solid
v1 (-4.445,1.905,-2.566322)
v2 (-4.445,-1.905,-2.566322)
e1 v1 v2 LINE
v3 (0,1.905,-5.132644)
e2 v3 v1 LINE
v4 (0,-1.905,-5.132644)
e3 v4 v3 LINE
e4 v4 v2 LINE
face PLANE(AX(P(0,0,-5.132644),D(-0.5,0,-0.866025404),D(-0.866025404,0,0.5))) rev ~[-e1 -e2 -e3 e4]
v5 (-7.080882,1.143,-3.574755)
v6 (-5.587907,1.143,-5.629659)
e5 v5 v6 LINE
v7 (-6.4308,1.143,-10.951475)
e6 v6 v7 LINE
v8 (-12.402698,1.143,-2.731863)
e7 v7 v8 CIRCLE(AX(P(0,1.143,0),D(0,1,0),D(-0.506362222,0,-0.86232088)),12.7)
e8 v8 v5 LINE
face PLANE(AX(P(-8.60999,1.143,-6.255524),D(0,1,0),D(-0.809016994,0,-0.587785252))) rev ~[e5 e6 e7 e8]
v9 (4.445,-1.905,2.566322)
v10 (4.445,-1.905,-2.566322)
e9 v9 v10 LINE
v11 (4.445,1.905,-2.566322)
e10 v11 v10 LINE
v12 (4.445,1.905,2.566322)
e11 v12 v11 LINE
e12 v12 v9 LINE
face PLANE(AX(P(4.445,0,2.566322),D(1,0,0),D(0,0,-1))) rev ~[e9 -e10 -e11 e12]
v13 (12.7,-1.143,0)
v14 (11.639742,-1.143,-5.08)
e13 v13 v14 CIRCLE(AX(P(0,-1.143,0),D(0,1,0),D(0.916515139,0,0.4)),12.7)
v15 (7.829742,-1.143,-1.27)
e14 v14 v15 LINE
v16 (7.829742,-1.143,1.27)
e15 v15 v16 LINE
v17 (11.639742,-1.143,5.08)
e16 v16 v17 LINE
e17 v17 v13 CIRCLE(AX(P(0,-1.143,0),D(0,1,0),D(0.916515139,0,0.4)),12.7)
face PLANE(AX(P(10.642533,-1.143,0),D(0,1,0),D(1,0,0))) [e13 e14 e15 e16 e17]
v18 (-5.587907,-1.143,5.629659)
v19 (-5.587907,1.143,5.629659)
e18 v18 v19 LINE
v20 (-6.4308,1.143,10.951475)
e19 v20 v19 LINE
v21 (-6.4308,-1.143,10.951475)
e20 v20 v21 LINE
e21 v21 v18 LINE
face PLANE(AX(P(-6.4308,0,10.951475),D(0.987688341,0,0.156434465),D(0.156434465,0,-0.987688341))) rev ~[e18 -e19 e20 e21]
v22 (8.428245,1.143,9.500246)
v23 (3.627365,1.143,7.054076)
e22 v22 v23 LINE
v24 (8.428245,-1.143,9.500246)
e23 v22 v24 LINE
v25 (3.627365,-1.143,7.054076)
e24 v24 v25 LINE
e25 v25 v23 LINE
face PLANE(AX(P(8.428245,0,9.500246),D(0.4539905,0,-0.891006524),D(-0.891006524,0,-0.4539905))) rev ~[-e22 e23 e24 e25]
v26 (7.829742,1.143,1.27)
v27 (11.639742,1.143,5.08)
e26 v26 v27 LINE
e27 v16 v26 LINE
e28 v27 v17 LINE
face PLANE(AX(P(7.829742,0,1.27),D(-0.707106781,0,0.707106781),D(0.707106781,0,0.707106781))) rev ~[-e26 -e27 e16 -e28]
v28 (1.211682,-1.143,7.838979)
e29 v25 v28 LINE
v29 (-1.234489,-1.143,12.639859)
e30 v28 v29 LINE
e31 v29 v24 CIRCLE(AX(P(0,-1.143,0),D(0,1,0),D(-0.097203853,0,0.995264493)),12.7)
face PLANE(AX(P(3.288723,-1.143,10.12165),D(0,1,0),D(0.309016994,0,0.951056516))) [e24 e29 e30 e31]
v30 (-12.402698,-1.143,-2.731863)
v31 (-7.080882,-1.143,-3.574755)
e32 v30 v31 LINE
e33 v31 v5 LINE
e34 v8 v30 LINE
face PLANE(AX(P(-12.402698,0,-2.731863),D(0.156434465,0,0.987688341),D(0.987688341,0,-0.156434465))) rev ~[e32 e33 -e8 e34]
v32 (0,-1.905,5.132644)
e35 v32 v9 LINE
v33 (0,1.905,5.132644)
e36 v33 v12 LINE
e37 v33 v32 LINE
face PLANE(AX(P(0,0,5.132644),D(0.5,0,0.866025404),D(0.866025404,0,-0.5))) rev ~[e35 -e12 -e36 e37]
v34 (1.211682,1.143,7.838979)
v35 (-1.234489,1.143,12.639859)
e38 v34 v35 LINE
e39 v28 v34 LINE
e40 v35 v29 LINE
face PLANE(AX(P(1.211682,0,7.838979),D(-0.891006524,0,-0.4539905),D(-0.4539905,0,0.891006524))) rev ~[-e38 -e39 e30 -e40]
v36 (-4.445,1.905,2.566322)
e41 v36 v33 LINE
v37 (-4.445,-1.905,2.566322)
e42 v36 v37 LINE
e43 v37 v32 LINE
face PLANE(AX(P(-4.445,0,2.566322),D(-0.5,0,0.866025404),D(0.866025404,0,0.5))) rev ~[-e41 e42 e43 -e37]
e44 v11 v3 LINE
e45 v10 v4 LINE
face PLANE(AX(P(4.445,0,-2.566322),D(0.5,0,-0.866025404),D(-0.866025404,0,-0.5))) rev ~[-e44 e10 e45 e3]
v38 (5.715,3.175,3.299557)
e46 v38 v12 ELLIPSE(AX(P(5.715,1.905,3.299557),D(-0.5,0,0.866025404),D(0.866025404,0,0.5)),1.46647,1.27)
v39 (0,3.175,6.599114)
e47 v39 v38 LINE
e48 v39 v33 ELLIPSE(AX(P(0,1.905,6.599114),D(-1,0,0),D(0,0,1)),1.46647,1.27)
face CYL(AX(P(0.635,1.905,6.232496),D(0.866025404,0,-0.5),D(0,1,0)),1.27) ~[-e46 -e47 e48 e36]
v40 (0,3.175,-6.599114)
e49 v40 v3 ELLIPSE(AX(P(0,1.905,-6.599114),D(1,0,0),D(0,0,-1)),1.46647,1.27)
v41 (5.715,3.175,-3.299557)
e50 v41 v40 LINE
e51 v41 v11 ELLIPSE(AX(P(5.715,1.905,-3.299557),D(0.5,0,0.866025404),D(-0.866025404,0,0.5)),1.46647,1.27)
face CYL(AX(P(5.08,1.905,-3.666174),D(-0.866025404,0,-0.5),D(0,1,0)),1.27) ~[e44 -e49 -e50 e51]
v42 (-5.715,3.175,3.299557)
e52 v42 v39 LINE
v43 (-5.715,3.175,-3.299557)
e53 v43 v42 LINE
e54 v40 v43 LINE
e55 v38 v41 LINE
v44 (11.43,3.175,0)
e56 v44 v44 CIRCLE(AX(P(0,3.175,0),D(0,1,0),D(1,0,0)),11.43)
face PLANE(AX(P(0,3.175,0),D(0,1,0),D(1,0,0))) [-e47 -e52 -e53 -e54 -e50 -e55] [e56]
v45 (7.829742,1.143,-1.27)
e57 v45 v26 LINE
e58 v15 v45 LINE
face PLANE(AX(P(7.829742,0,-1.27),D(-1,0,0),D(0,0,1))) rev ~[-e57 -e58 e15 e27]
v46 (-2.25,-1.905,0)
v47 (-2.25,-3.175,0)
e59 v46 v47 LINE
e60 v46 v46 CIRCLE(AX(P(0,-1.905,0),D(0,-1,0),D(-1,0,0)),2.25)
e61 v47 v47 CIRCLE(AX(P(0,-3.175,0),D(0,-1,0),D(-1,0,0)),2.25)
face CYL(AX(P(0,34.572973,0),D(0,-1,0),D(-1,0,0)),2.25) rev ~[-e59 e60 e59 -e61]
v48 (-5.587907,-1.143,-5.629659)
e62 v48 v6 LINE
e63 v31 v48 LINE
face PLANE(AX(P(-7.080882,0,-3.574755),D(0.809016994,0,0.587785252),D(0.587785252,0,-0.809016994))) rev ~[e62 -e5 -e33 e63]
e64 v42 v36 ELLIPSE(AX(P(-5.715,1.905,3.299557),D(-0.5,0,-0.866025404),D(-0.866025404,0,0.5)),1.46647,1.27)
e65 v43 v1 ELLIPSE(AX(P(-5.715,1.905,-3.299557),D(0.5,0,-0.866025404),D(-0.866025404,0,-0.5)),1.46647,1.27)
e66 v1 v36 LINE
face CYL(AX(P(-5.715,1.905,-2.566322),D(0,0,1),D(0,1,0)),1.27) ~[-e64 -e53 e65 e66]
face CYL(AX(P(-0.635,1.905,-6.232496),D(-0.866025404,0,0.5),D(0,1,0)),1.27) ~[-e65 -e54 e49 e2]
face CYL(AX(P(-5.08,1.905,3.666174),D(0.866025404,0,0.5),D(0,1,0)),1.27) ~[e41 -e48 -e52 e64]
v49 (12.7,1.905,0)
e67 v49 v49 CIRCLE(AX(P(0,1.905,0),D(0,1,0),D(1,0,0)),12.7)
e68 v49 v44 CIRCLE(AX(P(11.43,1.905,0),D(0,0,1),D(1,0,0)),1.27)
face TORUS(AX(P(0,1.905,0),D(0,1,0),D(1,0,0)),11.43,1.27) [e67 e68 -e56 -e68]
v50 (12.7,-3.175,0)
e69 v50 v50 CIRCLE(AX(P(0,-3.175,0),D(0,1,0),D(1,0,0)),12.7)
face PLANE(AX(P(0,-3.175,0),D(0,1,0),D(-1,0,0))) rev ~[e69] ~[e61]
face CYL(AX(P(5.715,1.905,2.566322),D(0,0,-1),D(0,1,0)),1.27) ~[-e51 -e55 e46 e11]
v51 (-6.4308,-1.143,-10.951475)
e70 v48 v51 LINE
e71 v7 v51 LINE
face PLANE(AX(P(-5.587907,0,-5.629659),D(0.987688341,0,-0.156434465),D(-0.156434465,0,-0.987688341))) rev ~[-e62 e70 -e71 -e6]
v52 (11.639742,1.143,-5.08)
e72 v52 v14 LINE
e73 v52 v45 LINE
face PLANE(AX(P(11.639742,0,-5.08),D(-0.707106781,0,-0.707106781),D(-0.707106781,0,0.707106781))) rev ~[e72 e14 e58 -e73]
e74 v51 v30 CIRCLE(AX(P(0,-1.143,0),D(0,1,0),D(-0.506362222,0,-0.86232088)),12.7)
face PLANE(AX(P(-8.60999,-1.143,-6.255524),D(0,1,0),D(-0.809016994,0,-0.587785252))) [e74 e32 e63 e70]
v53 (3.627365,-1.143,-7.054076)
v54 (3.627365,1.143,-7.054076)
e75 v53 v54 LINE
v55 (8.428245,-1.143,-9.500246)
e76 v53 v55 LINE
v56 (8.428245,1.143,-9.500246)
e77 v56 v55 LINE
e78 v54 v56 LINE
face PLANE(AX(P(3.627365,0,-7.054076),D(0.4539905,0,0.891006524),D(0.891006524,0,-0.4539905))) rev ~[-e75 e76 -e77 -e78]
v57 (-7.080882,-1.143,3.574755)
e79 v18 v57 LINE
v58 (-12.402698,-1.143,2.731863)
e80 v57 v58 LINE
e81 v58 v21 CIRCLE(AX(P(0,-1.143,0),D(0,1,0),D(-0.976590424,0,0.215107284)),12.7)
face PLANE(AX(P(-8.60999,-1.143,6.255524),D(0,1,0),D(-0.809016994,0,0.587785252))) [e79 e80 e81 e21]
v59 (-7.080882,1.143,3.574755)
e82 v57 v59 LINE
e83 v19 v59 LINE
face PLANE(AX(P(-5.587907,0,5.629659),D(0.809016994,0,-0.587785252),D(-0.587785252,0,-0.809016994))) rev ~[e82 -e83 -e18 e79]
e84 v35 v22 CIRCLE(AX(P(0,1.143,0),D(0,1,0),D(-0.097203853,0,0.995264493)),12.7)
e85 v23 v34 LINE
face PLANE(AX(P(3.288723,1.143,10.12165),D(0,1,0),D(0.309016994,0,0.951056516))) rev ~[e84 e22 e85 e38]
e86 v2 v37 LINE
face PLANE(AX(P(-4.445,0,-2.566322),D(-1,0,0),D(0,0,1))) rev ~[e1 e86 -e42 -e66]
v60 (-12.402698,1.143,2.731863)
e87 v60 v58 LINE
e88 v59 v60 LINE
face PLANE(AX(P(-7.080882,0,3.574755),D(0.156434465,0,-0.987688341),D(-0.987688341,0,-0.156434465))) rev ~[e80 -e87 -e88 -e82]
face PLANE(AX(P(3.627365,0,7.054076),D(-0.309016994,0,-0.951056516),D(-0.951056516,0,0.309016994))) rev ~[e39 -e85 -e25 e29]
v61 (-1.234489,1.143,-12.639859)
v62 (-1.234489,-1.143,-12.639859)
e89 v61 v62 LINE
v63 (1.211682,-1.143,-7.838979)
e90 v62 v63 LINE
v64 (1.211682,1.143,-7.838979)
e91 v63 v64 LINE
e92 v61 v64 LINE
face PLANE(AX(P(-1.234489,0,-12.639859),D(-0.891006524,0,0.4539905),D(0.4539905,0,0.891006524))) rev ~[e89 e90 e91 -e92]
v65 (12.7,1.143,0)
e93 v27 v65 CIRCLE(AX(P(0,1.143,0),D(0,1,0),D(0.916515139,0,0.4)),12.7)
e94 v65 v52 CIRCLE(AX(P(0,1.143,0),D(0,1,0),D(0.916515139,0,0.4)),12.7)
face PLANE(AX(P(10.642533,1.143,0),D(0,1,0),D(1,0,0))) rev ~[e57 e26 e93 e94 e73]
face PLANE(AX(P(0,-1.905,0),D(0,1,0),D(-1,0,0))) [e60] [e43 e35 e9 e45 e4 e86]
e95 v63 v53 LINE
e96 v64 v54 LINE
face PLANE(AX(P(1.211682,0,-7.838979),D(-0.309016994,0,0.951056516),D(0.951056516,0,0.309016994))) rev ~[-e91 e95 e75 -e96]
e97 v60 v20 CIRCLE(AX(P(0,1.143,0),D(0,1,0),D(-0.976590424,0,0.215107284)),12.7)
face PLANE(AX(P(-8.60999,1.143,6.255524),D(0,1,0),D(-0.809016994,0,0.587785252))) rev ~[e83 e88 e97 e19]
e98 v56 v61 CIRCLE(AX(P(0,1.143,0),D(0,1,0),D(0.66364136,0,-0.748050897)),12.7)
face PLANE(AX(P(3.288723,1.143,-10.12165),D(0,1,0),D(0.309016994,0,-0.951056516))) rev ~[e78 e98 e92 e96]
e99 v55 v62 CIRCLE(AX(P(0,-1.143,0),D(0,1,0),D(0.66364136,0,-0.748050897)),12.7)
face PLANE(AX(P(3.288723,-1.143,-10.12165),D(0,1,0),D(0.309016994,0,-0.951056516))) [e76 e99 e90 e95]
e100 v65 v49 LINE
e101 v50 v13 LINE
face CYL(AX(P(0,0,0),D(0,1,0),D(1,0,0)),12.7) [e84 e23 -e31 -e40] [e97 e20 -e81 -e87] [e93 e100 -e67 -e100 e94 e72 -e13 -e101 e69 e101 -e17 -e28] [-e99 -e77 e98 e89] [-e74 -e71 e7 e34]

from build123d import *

# Parameters (mm, degrees)
SKETCH2_R            = 12.7
BOSS_EXTRUDE1_DEPTH  = 3.175
CUT_EXTRUDE1_DEPTH   = 1.143
CIRPATTERN1_COUNT    = 5
FILLET1_R            = 1.27
BOSS_EXTRUDE2_DEPTH  = 1.27
M4_CLEARANCE_HOLE1_D = 4.5


with BuildPart() as part:
    # Sketch2 → Boss-Extrude1 (new, symmetric)
    with BuildSketch(Plane(origin=(0, 0, 0), x_dir=(1, 0, 0), z_dir=(0, 1, 0))):
        Circle(SKETCH2_R)
        Polygon((0, 5.132643893), (-4.445, 2.566321947), (-4.445, -2.566321947), (0, -5.132643893), (4.445, -2.566321947), (4.445, 2.566321947), align=None, mode=Mode.SUBTRACT)
    extrude(amount=BOSS_EXTRUDE1_DEPTH, both=True)

    # Sketch3 → Cut-Extrude1 (cut, symmetric)
    with BuildSketch(Plane(origin=(0, 0, 0), x_dir=(1, 0, 0), z_dir=(0, 1, 0))):
        with BuildLine():
            Line((11.639742265, 5.08), (7.829742265, 1.27))
            Line((7.829742265, 1.27), (7.829742265, -1.27))
            Line((7.829742265, -1.27), (11.639742265, -5.08))
            ThreePointArc((11.639742265, -5.08), (12.7, 0), (11.639742265, 5.08))
        make_face()
    cut_extrude1 = extrude(amount=CUT_EXTRUDE1_DEPTH, both=True, mode=Mode.SUBTRACT)

    # CirPattern1: Cut-Extrude1 ×5 about axis
    cirpattern1_axis = Axis((0, -3.4925, 0), (0, 1, 0))
    for i in range(1, CIRPATTERN1_COUNT):
        add(cut_extrude1.rotate(cirpattern1_axis, i * 360 / CIRPATTERN1_COUNT), mode=Mode.SUBTRACT)

    # Fillet1
    fillet1_edges = [part.edges().sort_by_distance(p)[0] for p in [
        (-12.7, 3.175, 0),
        (-4.445, 3.175, 0),
        (-2.2225, 3.175, 3.84948292),
        (2.2225, 3.175, 3.84948292),
        (4.445, 3.175, 0),
        (2.2225, 3.175, -3.84948292),
        (-2.2225, 3.175, -3.84948292),
    ]]
    fillet(fillet1_edges, radius=FILLET1_R)

    # Sketch4 → Boss-Extrude2 (add)
    with BuildSketch(Plane.XZ.offset(3.175)):
        Polygon((4.445, 2.566321947), (4.445, -2.566321947), (0, -5.132643893), (-4.445, -2.566321947), (-4.445, 2.566321947), (0, 5.132643893), align=None)
    extrude(amount=-BOSS_EXTRUDE2_DEPTH)

    # M4 Clearance Hole1 (through all)
    with Locations(Plane(origin=(0, -1.905, 0), x_dir=(1, 0, 0), z_dir=(0, 1, 0))):
        with Locations((0, 0)):
            Hole(M4_CLEARANCE_HOLE1_D / 2)


solid = part.part
